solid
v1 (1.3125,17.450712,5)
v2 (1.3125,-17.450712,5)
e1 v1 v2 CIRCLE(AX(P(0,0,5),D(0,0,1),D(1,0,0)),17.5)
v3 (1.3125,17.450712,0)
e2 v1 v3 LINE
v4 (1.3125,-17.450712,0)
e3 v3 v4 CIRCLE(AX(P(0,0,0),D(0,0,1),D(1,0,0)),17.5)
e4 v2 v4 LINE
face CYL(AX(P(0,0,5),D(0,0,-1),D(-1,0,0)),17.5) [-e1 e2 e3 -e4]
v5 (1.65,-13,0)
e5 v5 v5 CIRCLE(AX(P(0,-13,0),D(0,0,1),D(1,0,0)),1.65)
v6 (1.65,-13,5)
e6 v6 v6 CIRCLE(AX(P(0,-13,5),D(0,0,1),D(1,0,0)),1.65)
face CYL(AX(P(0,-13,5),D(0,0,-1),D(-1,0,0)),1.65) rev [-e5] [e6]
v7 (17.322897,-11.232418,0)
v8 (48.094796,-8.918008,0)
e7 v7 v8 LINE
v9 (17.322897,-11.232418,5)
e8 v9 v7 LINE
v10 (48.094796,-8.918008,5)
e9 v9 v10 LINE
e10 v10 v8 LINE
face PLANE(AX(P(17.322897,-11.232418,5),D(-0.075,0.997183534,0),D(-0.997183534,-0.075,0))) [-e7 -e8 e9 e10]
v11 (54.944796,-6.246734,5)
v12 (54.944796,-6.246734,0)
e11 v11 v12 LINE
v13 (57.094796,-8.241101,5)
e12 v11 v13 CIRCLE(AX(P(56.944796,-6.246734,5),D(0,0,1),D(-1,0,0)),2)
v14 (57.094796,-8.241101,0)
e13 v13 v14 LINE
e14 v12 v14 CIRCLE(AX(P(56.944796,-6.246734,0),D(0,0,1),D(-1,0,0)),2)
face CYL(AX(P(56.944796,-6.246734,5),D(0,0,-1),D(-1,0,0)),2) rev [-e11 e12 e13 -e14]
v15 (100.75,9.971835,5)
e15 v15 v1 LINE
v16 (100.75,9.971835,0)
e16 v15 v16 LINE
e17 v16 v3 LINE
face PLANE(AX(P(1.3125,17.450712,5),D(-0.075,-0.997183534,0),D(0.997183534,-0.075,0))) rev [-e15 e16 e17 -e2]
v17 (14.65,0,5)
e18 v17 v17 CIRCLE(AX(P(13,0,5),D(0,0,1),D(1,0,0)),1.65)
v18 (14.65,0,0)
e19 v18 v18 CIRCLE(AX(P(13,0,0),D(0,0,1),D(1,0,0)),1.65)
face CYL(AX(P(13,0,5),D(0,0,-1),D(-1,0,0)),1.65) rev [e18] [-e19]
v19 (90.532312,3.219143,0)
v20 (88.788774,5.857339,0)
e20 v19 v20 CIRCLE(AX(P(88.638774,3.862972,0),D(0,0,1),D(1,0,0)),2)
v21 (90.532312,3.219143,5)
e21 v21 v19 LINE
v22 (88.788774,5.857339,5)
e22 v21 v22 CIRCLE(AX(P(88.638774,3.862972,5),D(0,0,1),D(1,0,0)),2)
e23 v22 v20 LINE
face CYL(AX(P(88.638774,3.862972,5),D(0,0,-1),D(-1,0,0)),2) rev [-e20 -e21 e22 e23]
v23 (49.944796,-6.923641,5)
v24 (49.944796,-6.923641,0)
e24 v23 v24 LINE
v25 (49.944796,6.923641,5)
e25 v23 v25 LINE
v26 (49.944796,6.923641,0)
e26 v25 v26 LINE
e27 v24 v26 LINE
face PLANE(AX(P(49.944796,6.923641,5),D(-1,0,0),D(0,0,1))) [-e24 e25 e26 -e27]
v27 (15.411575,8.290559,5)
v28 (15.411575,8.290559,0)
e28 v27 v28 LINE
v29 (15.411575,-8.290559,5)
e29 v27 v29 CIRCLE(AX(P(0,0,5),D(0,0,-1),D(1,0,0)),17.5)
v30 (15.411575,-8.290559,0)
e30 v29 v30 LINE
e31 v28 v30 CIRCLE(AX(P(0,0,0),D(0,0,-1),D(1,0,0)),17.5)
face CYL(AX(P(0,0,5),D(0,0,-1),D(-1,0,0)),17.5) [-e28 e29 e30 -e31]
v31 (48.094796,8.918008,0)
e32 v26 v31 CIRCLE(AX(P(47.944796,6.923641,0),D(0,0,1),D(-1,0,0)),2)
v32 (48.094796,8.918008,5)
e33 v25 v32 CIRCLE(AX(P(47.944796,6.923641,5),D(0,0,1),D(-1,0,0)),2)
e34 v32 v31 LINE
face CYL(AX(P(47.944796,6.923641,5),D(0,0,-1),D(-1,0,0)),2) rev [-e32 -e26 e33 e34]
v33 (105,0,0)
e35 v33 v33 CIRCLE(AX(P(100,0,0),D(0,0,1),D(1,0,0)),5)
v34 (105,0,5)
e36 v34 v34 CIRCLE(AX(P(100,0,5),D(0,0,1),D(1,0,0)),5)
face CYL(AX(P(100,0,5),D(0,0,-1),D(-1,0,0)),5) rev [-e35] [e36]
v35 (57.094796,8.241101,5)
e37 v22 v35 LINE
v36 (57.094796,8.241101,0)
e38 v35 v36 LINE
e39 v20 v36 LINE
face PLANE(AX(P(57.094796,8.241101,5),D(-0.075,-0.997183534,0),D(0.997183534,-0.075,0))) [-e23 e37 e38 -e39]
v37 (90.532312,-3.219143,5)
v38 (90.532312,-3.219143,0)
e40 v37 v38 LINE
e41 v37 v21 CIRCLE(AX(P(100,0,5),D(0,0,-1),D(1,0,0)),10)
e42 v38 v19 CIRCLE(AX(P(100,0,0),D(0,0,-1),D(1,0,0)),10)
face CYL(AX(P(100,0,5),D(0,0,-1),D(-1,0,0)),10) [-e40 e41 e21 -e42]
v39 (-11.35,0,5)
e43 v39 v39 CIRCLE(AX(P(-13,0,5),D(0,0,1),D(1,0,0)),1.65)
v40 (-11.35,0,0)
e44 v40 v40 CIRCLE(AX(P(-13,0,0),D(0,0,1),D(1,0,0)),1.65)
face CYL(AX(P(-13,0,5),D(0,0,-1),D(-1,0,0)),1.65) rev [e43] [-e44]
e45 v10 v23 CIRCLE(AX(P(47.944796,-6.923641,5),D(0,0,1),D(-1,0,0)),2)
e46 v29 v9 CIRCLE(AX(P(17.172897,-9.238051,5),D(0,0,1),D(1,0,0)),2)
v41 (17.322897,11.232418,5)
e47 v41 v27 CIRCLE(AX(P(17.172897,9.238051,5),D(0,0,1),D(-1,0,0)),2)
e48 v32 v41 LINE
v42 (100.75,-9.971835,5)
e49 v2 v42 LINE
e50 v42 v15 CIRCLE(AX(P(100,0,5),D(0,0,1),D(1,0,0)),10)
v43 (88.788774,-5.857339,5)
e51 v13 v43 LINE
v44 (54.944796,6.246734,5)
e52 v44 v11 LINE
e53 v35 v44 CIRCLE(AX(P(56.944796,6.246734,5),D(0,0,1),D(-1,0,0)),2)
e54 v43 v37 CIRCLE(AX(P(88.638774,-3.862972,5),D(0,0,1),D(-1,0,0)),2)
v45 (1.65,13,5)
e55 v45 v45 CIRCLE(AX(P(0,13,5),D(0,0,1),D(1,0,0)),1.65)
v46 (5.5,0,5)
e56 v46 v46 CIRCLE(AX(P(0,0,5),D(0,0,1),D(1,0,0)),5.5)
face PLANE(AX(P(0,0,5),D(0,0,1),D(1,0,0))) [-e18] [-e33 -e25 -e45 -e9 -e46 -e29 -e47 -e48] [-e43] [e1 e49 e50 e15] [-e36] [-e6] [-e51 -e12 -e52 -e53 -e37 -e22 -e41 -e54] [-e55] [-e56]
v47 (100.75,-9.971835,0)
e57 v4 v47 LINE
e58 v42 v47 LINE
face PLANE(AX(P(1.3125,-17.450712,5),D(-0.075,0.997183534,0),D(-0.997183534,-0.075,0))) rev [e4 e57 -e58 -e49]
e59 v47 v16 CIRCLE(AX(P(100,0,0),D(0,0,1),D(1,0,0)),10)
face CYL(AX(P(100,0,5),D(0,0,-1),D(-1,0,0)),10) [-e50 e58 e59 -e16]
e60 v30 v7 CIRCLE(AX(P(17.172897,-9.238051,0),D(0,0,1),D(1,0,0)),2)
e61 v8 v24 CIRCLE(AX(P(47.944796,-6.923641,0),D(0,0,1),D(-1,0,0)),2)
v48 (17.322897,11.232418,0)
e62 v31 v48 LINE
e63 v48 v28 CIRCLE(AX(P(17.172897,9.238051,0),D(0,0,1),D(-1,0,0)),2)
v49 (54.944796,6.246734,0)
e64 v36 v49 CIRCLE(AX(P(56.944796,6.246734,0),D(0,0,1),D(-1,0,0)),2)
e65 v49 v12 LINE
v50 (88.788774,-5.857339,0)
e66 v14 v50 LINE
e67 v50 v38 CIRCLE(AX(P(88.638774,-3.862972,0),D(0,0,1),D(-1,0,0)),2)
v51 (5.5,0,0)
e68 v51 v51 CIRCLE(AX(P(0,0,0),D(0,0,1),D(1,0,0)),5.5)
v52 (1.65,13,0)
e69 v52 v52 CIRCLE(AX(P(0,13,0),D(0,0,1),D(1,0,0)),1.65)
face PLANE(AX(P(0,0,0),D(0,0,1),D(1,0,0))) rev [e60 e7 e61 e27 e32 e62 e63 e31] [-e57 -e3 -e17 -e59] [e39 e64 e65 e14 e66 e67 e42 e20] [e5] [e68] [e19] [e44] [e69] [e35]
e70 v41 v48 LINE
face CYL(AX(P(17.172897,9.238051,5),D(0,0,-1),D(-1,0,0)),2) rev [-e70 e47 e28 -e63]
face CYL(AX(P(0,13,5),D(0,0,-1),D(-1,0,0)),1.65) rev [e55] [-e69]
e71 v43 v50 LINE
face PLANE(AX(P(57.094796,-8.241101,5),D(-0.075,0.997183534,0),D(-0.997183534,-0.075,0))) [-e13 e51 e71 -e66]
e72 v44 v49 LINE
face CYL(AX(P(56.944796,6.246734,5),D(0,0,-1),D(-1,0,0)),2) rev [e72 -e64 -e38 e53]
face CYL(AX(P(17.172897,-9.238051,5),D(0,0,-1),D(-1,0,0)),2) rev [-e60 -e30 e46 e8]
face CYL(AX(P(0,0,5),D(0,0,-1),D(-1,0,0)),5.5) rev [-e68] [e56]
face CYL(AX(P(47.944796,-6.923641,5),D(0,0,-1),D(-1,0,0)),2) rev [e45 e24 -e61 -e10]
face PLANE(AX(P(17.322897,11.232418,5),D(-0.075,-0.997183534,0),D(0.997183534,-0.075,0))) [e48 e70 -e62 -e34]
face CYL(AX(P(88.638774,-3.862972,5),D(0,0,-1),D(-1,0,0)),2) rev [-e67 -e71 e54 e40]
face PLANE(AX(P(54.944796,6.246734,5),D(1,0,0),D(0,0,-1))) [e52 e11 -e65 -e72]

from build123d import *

# Parameters (mm, degrees)
SKETCH_2_R      = 5.5
SKETCH_2_R_2    = 5
SKETCH_2_R_3    = 1.65
EXTRUDE_1_DEPTH = 5


with BuildPart() as part:
    # 草图2 → 凸台-拉伸1 (new body)
    with BuildSketch(Plane.XY):
        with BuildLine():
            Line((1.3125, 17.450711841), (100.75, 9.971835338))
            ThreePointArc((100.75, 9.971835338), (110, 0), (100.75, -9.971835338))
            Line((100.75, -9.971835338), (1.3125, -17.450711841))
            ThreePointArc((1.3125, -17.450711841), (-17.5, 0), (1.3125, 17.450711841))
        make_face()
        Circle(SKETCH_2_R, mode=Mode.SUBTRACT)
        with Locations((100, 0)):
            Circle(SKETCH_2_R_2, mode=Mode.SUBTRACT)
        with Locations((0, 13)):
            Circle(SKETCH_2_R_3, mode=Mode.SUBTRACT)
        with Locations((13, 0)):
            Circle(SKETCH_2_R_3, mode=Mode.SUBTRACT)
        with Locations((0, -13)):
            Circle(SKETCH_2_R_3, mode=Mode.SUBTRACT)
        with Locations((-13, 0)):
            Circle(SKETCH_2_R_3, mode=Mode.SUBTRACT)
        with BuildLine():
            Line((17.322897462, -11.232418418), (48.094795732, -8.918007587))
            ThreePointArc((48.094795732, -8.918007587), (49.411083562, -8.283787571), (49.944795732, -6.92364052))
            Line((49.944795732, -6.92364052), (49.944795732, 6.92364052))
            ThreePointArc((49.944795732, 6.92364052), (49.411083562, 8.283787571), (48.094795732, 8.918007587))
            Line((48.094795732, 8.918007587), (17.322897462, 11.232418418))
            ThreePointArc((17.322897462, 11.232418418), (15.495779502, 10.327673003), (15.411574646, 8.290558904))
            ThreePointArc((15.411574646, 8.290558904), (17.5, 0), (15.411574646, -8.290558904))
            ThreePointArc((15.411574646, -8.290558904), (15.495779502, -10.327673003), (17.322897462, -11.232418418))
        make_face(mode=Mode.SUBTRACT)
        with BuildLine():
            Line((57.094795732, 8.241101103), (88.788774342, 5.857338922))
            ThreePointArc((88.788774342, 5.857338922), (90.307315813, 4.965681861), (90.532311952, 3.219143212))
            ThreePointArc((90.532311952, 3.219143212), (90, 0), (90.532311952, -3.219143212))
            ThreePointArc((90.532311952, -3.219143212), (90.307315813, -4.965681861), (88.788774342, -5.857338922))
            Line((88.788774342, -5.857338922), (57.094795732, -8.241101103))
            ThreePointArc((57.094795732, -8.241101103), (55.584648681, -7.713021866), (54.944795732, -6.246734036))
            Line((54.944795732, -6.246734036), (54.944795732, 6.246734036))
            ThreePointArc((54.944795732, 6.246734036), (55.584648681, 7.713021866), (57.094795732, 8.241101103))
        make_face(mode=Mode.SUBTRACT)
    extrude(amount=EXTRUDE_1_DEPTH)


solid = part.part
